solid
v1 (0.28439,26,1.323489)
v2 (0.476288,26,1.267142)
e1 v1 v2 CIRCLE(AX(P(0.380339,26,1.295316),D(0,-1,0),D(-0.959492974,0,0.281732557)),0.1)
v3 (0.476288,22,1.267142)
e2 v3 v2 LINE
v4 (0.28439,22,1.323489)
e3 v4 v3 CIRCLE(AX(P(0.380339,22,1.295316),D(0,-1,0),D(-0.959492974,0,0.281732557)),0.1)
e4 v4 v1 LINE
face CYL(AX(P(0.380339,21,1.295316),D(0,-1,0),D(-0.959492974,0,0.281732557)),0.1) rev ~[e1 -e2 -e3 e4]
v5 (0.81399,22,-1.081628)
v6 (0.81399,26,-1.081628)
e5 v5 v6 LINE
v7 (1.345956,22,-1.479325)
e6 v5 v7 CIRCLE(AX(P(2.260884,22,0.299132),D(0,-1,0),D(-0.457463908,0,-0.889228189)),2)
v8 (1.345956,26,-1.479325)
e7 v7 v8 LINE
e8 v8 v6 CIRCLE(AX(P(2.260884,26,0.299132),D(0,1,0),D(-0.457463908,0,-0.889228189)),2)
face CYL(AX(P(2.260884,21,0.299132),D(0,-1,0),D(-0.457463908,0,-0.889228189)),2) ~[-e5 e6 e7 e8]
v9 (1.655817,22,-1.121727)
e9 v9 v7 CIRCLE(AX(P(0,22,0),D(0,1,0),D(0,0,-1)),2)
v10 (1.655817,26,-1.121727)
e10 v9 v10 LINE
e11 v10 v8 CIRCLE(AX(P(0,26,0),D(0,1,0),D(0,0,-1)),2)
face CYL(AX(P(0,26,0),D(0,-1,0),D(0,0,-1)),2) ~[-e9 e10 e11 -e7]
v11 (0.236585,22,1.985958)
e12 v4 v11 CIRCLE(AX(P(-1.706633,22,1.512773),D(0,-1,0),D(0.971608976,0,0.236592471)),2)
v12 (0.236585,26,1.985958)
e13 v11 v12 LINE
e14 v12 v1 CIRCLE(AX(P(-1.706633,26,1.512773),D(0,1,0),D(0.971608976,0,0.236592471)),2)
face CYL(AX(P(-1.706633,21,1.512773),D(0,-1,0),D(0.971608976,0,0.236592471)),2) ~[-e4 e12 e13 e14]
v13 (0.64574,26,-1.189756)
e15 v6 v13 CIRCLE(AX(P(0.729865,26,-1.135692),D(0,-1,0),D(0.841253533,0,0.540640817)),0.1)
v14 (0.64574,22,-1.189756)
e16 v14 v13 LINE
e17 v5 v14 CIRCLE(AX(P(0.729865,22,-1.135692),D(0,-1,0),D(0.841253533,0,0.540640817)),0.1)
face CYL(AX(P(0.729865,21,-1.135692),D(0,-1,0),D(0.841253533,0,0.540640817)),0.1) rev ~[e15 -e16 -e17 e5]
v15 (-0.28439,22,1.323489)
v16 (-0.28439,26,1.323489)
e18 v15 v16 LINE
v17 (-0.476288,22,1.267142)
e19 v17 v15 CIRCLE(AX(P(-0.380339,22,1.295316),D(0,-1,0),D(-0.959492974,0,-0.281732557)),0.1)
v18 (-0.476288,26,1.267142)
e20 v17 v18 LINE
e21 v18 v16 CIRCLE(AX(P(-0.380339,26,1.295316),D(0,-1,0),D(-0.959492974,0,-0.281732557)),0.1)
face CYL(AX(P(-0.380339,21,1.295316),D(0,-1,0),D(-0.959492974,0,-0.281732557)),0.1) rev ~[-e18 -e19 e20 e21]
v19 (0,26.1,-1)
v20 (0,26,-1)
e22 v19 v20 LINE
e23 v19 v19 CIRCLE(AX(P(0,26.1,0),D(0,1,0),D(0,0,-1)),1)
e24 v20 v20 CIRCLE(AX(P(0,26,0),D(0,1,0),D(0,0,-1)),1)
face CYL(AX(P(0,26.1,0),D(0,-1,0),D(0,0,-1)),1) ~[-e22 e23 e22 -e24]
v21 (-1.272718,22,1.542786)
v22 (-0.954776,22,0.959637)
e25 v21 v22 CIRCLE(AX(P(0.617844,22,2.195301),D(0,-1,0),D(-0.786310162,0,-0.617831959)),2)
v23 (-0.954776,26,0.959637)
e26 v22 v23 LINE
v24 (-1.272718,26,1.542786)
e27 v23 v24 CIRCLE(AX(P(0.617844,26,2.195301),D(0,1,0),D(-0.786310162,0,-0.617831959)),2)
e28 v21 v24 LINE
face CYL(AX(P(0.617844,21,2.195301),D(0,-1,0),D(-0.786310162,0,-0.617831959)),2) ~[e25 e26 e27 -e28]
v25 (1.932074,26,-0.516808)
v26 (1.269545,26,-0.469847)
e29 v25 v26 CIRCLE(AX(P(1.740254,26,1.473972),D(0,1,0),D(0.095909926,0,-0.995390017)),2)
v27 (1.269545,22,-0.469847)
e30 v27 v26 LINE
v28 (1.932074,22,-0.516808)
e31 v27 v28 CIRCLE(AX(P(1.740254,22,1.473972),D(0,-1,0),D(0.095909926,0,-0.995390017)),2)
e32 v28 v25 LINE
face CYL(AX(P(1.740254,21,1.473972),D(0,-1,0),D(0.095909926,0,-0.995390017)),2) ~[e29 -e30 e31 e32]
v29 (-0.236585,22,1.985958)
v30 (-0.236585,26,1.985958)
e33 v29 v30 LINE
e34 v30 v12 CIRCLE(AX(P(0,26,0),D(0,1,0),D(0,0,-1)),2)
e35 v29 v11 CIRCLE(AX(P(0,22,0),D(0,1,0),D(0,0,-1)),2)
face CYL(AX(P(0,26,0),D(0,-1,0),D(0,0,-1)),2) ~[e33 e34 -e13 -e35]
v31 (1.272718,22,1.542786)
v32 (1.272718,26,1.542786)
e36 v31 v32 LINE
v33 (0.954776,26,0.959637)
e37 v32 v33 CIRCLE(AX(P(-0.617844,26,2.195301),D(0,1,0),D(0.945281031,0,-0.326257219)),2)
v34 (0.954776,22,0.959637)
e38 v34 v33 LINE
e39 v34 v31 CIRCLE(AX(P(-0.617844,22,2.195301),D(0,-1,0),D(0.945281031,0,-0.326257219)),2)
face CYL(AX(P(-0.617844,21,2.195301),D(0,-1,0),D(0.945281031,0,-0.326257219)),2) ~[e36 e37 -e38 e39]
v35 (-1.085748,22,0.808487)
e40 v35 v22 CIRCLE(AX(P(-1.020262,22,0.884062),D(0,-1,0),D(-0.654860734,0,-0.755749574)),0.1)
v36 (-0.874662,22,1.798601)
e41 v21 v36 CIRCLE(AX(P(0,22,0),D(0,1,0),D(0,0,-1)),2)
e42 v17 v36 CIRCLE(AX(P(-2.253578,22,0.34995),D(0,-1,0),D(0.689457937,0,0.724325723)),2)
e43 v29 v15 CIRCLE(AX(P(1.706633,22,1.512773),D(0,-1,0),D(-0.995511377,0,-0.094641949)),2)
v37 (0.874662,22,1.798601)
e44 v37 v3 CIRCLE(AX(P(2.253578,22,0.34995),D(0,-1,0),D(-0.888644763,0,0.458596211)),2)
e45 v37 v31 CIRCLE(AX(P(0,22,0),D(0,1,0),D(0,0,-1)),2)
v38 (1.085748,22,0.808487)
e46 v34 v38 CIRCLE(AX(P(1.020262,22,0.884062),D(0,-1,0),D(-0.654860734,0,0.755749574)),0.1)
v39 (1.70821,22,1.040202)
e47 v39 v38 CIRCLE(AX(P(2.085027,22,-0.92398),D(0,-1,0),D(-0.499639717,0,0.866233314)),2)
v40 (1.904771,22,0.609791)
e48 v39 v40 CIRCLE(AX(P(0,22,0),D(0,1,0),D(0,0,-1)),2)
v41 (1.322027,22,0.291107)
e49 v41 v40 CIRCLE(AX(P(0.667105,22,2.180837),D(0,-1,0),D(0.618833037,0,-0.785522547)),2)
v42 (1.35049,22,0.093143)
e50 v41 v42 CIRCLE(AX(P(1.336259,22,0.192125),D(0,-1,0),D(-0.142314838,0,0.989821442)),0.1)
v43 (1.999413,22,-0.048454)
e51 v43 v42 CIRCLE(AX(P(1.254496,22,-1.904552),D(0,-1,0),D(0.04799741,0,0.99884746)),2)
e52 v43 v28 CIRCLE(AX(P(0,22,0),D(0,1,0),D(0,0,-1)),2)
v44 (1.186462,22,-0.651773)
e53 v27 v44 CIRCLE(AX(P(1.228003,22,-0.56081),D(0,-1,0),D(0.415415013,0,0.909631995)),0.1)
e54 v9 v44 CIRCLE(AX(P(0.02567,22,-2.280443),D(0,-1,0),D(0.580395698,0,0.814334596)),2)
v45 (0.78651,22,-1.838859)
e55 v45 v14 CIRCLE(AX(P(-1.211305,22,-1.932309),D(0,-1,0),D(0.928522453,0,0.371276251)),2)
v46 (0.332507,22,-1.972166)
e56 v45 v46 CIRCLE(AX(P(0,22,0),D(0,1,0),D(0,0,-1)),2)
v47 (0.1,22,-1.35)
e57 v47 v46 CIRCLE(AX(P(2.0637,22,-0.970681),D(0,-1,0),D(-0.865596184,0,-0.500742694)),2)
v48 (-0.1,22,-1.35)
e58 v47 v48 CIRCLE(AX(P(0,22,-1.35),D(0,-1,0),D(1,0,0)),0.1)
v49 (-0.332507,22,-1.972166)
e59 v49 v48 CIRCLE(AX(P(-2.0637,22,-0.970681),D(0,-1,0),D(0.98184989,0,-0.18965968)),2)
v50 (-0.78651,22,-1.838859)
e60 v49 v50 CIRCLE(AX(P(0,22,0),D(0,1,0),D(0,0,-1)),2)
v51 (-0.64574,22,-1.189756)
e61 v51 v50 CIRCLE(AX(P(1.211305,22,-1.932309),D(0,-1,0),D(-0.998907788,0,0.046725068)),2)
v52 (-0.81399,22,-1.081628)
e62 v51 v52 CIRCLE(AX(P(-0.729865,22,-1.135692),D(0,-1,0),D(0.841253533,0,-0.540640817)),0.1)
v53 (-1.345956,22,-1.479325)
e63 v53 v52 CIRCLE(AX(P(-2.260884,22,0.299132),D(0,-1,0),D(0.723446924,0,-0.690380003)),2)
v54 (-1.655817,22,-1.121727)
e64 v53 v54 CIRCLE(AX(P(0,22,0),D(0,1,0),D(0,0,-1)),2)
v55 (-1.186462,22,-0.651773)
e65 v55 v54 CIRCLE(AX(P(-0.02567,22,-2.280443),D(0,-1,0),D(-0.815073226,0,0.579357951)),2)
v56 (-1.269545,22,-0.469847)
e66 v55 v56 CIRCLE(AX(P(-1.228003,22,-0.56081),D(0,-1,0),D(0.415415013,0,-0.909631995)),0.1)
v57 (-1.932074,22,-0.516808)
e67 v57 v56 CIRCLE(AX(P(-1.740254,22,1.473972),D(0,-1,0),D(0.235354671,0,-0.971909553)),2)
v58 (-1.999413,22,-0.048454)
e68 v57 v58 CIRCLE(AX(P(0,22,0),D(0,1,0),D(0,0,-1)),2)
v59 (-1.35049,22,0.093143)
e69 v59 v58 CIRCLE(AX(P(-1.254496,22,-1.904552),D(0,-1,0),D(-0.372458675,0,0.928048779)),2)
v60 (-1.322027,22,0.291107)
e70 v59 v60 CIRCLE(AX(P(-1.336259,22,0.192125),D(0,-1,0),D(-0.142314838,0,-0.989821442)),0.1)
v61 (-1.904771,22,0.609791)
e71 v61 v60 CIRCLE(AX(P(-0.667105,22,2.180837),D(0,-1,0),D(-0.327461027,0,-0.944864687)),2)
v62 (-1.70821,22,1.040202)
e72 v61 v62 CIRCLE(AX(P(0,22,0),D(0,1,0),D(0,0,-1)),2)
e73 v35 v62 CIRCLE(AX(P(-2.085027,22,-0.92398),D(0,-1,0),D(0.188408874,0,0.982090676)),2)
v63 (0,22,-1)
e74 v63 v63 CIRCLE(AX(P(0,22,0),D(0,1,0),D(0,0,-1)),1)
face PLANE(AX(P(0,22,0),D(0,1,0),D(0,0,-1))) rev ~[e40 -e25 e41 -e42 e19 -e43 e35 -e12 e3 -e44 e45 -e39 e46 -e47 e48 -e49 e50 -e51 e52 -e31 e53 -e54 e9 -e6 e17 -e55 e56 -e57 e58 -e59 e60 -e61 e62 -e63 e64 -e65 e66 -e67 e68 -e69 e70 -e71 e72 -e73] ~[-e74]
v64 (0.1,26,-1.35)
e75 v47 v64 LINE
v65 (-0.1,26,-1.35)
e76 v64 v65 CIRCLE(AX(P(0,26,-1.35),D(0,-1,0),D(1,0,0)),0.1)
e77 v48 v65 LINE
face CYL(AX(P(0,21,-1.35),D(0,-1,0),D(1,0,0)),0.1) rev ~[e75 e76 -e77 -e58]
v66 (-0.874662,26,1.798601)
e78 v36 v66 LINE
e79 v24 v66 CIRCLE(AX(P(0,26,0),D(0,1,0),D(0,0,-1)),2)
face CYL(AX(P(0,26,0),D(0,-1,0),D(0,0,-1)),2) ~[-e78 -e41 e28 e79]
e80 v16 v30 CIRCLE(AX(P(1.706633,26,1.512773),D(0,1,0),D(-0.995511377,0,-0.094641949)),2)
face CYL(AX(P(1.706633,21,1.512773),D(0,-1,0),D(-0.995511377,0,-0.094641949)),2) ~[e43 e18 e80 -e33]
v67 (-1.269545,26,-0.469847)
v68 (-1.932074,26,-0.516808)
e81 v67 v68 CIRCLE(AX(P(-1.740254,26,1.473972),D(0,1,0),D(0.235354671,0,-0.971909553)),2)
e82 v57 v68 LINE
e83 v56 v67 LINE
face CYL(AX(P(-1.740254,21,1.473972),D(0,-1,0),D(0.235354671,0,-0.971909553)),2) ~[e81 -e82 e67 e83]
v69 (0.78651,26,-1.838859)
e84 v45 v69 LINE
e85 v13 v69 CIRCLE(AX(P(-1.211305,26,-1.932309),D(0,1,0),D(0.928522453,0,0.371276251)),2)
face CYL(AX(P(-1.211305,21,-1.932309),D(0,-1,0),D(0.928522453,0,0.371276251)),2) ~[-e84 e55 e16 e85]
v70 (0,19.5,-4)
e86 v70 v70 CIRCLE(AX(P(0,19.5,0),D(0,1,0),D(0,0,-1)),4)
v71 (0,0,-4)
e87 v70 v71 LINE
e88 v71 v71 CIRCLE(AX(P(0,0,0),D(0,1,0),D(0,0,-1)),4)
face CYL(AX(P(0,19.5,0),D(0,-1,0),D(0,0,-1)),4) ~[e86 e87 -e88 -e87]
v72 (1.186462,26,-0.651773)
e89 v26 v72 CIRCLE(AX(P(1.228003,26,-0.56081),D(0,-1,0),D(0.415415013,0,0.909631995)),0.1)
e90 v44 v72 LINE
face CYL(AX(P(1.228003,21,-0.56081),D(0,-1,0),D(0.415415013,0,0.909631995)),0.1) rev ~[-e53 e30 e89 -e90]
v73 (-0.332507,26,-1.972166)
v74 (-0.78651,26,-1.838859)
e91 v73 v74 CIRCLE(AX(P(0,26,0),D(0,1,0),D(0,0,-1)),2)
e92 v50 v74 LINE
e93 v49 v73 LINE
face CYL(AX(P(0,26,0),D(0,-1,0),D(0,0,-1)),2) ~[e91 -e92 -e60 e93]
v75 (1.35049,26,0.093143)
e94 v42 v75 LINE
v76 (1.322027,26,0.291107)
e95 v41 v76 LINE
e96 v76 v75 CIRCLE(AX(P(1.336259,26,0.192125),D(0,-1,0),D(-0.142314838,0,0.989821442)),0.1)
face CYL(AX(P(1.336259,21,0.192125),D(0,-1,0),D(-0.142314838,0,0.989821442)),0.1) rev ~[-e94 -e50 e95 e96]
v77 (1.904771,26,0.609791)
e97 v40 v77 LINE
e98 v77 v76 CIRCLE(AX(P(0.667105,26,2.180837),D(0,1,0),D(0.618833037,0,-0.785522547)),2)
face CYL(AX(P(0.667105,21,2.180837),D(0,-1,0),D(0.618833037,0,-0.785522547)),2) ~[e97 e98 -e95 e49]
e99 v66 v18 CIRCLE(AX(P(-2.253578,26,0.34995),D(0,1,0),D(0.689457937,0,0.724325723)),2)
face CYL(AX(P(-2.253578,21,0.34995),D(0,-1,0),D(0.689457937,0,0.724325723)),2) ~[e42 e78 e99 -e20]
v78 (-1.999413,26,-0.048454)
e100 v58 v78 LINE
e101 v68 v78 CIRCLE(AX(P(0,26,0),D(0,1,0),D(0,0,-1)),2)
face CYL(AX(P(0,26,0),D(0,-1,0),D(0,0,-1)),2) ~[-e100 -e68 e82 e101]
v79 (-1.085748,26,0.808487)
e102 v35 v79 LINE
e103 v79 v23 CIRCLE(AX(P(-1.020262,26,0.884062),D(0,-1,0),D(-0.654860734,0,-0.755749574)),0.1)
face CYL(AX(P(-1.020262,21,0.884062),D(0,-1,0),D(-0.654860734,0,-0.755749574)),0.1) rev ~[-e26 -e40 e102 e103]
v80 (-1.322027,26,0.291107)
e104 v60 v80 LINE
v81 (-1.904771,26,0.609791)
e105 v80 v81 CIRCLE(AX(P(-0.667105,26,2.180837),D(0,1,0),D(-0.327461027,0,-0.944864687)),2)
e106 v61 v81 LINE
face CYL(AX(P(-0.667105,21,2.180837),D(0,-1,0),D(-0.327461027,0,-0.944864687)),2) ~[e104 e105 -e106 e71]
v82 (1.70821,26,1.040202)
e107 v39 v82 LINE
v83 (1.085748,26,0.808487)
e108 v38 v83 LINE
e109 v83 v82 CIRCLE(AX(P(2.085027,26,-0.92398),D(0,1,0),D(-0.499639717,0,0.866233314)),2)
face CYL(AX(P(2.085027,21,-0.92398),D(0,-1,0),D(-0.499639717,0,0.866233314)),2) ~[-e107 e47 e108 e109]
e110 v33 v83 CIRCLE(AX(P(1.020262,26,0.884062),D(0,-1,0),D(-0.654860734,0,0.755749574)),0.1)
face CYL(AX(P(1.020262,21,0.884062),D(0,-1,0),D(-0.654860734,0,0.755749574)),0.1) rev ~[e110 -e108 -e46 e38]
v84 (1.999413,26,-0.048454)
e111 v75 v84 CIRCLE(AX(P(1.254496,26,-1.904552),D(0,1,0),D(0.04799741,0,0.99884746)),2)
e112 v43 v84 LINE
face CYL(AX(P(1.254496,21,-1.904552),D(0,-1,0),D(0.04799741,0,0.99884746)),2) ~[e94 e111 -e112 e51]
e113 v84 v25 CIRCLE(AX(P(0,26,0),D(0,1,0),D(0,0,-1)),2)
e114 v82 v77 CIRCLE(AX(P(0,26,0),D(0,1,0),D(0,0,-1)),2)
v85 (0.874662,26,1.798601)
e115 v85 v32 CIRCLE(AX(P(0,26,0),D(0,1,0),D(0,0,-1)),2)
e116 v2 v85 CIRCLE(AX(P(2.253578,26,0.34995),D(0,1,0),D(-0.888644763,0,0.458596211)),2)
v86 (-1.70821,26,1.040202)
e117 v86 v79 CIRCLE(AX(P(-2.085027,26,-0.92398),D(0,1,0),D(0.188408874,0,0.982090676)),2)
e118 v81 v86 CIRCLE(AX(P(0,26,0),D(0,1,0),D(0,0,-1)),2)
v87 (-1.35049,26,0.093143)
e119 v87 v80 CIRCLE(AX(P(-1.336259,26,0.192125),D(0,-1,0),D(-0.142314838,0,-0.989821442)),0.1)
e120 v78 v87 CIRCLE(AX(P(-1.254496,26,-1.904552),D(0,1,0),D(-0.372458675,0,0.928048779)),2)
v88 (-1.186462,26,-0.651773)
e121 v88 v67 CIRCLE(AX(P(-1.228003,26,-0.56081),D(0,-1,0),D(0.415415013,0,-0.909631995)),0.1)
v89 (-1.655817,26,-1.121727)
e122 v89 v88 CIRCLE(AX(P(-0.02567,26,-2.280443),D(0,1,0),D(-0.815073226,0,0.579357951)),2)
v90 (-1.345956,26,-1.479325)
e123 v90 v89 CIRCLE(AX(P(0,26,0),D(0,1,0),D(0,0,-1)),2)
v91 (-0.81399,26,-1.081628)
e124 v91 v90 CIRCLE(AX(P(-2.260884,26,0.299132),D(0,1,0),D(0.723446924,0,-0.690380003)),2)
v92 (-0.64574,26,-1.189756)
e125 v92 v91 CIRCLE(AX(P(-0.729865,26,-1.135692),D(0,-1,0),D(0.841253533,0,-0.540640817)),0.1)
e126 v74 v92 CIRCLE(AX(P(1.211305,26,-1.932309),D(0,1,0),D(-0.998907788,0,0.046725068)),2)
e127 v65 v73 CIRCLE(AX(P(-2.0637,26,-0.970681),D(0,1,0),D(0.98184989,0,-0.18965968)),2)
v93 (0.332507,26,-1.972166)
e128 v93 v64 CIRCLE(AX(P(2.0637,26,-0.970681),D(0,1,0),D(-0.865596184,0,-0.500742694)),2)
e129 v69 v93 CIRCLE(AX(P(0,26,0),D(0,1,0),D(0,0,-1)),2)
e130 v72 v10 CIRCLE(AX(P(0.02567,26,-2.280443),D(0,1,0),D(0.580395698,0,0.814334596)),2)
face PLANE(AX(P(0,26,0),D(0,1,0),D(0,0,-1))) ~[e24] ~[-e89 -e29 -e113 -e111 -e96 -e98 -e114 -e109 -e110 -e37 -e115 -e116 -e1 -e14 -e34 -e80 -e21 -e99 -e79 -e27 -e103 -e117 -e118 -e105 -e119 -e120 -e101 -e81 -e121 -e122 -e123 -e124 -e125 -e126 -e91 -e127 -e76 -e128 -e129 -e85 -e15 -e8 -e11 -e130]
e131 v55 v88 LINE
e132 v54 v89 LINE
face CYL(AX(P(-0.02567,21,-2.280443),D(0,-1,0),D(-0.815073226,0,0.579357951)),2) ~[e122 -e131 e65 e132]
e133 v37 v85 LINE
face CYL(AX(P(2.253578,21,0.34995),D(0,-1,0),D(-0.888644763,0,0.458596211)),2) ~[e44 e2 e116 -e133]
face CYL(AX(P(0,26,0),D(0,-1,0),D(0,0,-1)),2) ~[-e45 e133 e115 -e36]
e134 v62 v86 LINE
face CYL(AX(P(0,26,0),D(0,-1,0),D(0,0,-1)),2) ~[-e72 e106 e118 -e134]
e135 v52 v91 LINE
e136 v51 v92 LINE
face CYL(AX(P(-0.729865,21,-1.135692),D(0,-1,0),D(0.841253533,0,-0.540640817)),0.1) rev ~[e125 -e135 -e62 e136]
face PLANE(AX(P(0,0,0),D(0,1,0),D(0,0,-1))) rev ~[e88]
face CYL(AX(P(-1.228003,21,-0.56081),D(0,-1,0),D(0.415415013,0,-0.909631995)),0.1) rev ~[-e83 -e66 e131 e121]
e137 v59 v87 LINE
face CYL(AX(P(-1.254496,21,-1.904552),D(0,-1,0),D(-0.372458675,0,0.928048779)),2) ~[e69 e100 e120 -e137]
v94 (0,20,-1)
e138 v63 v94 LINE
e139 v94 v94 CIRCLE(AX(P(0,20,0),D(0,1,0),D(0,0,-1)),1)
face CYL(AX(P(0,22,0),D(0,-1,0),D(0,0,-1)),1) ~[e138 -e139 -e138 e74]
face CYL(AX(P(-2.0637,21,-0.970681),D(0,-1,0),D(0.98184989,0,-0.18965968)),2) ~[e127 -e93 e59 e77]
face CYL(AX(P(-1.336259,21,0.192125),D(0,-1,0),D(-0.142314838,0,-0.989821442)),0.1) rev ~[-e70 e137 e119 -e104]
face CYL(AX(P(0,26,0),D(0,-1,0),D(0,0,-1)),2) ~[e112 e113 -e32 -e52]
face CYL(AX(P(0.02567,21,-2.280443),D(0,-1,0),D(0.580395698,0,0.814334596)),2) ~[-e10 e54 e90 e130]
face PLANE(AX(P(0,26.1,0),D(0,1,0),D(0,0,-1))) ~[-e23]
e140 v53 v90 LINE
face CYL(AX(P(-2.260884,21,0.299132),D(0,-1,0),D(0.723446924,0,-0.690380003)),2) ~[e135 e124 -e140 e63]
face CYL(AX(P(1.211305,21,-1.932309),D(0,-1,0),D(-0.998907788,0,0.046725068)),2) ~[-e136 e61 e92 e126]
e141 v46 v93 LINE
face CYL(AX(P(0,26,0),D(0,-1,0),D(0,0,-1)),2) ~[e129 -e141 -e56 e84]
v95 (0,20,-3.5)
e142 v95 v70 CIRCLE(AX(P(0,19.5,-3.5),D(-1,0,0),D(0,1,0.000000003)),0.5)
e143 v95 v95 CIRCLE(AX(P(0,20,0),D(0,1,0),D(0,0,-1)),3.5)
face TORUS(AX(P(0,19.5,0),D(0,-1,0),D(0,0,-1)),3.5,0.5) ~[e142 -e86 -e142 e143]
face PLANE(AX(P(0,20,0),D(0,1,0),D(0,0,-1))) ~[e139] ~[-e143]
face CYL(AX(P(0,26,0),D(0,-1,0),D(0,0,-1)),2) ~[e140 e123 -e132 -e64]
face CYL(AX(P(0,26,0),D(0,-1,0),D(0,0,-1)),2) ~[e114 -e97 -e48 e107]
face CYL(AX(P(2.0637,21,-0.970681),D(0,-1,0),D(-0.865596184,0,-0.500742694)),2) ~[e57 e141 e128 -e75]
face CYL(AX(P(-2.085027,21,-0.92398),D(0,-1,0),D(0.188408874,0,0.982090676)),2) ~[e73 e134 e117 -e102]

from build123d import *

# Parameters (mm, degrees)
CUT_EXTRUDE2_START = -5
CUT_EXTRUDE2_DEPTH = 5
CIRPATTERN1_COUNT  = 11


with BuildPart() as part:
    # Sketch4 → Revolve1 (revolve)
    with BuildSketch(Plane(origin=(0, 0, 0), x_dir=(0, 0, -1), z_dir=(1, 0, 0))):
        with BuildLine():
            Line((0, 0), (0, 26.1))
            Line((0, 26.1), (1, 26.1))
            Line((1, 26.1), (1, 26))
            Line((1, 26), (2, 26))
            Line((2, 26), (2, 22))
            Line((2, 22), (1, 22))
            Line((1, 22), (1, 20))
            Line((1, 20), (3.5, 20))
            ThreePointArc((3.5, 20), (3.853553391, 19.853553391), (4, 19.5))
            Line((4, 19.5), (4, 0))
            Line((4, 0), (0, 0))
        make_face()
    revolve(axis=Axis((0, 0, 0), (0, 1, 0)))

    # Sketch5 → Cut-Extrude2 (cut)
    with BuildSketch(Plane(origin=(0, 26, 0), x_dir=(1, 0, 0), z_dir=(0, 1, 0)).offset(CUT_EXTRUDE2_START)):
        with BuildLine():
            ThreePointArc((0.332507409, 1.972166023), (0.190245846, 1.670802314), (0.1, 1.35))
            ThreePointArc((0.1, 1.35), (0, 1.25), (-0.1, 1.35))
            ThreePointArc((-0.1, 1.35), (-0.190245846, 1.670802314), (-0.332507409, 1.972166023))
            ThreePointArc((-0.332507409, 1.972166023), (0, 2), (0.332507409, 1.972166023))
        make_face()
    cut_extrude2 = extrude(amount=CUT_EXTRUDE2_DEPTH, mode=Mode.SUBTRACT)

    # CirPattern1: Cut-Extrude2 ×11 about axis
    cirpattern1_axis = Axis((0, 0, 0), (0, 1, 0))
    for i in range(1, CIRPATTERN1_COUNT):
        add(cut_extrude2.rotate(cirpattern1_axis, i * 360 / CIRPATTERN1_COUNT), mode=Mode.SUBTRACT)


solid = part.part
